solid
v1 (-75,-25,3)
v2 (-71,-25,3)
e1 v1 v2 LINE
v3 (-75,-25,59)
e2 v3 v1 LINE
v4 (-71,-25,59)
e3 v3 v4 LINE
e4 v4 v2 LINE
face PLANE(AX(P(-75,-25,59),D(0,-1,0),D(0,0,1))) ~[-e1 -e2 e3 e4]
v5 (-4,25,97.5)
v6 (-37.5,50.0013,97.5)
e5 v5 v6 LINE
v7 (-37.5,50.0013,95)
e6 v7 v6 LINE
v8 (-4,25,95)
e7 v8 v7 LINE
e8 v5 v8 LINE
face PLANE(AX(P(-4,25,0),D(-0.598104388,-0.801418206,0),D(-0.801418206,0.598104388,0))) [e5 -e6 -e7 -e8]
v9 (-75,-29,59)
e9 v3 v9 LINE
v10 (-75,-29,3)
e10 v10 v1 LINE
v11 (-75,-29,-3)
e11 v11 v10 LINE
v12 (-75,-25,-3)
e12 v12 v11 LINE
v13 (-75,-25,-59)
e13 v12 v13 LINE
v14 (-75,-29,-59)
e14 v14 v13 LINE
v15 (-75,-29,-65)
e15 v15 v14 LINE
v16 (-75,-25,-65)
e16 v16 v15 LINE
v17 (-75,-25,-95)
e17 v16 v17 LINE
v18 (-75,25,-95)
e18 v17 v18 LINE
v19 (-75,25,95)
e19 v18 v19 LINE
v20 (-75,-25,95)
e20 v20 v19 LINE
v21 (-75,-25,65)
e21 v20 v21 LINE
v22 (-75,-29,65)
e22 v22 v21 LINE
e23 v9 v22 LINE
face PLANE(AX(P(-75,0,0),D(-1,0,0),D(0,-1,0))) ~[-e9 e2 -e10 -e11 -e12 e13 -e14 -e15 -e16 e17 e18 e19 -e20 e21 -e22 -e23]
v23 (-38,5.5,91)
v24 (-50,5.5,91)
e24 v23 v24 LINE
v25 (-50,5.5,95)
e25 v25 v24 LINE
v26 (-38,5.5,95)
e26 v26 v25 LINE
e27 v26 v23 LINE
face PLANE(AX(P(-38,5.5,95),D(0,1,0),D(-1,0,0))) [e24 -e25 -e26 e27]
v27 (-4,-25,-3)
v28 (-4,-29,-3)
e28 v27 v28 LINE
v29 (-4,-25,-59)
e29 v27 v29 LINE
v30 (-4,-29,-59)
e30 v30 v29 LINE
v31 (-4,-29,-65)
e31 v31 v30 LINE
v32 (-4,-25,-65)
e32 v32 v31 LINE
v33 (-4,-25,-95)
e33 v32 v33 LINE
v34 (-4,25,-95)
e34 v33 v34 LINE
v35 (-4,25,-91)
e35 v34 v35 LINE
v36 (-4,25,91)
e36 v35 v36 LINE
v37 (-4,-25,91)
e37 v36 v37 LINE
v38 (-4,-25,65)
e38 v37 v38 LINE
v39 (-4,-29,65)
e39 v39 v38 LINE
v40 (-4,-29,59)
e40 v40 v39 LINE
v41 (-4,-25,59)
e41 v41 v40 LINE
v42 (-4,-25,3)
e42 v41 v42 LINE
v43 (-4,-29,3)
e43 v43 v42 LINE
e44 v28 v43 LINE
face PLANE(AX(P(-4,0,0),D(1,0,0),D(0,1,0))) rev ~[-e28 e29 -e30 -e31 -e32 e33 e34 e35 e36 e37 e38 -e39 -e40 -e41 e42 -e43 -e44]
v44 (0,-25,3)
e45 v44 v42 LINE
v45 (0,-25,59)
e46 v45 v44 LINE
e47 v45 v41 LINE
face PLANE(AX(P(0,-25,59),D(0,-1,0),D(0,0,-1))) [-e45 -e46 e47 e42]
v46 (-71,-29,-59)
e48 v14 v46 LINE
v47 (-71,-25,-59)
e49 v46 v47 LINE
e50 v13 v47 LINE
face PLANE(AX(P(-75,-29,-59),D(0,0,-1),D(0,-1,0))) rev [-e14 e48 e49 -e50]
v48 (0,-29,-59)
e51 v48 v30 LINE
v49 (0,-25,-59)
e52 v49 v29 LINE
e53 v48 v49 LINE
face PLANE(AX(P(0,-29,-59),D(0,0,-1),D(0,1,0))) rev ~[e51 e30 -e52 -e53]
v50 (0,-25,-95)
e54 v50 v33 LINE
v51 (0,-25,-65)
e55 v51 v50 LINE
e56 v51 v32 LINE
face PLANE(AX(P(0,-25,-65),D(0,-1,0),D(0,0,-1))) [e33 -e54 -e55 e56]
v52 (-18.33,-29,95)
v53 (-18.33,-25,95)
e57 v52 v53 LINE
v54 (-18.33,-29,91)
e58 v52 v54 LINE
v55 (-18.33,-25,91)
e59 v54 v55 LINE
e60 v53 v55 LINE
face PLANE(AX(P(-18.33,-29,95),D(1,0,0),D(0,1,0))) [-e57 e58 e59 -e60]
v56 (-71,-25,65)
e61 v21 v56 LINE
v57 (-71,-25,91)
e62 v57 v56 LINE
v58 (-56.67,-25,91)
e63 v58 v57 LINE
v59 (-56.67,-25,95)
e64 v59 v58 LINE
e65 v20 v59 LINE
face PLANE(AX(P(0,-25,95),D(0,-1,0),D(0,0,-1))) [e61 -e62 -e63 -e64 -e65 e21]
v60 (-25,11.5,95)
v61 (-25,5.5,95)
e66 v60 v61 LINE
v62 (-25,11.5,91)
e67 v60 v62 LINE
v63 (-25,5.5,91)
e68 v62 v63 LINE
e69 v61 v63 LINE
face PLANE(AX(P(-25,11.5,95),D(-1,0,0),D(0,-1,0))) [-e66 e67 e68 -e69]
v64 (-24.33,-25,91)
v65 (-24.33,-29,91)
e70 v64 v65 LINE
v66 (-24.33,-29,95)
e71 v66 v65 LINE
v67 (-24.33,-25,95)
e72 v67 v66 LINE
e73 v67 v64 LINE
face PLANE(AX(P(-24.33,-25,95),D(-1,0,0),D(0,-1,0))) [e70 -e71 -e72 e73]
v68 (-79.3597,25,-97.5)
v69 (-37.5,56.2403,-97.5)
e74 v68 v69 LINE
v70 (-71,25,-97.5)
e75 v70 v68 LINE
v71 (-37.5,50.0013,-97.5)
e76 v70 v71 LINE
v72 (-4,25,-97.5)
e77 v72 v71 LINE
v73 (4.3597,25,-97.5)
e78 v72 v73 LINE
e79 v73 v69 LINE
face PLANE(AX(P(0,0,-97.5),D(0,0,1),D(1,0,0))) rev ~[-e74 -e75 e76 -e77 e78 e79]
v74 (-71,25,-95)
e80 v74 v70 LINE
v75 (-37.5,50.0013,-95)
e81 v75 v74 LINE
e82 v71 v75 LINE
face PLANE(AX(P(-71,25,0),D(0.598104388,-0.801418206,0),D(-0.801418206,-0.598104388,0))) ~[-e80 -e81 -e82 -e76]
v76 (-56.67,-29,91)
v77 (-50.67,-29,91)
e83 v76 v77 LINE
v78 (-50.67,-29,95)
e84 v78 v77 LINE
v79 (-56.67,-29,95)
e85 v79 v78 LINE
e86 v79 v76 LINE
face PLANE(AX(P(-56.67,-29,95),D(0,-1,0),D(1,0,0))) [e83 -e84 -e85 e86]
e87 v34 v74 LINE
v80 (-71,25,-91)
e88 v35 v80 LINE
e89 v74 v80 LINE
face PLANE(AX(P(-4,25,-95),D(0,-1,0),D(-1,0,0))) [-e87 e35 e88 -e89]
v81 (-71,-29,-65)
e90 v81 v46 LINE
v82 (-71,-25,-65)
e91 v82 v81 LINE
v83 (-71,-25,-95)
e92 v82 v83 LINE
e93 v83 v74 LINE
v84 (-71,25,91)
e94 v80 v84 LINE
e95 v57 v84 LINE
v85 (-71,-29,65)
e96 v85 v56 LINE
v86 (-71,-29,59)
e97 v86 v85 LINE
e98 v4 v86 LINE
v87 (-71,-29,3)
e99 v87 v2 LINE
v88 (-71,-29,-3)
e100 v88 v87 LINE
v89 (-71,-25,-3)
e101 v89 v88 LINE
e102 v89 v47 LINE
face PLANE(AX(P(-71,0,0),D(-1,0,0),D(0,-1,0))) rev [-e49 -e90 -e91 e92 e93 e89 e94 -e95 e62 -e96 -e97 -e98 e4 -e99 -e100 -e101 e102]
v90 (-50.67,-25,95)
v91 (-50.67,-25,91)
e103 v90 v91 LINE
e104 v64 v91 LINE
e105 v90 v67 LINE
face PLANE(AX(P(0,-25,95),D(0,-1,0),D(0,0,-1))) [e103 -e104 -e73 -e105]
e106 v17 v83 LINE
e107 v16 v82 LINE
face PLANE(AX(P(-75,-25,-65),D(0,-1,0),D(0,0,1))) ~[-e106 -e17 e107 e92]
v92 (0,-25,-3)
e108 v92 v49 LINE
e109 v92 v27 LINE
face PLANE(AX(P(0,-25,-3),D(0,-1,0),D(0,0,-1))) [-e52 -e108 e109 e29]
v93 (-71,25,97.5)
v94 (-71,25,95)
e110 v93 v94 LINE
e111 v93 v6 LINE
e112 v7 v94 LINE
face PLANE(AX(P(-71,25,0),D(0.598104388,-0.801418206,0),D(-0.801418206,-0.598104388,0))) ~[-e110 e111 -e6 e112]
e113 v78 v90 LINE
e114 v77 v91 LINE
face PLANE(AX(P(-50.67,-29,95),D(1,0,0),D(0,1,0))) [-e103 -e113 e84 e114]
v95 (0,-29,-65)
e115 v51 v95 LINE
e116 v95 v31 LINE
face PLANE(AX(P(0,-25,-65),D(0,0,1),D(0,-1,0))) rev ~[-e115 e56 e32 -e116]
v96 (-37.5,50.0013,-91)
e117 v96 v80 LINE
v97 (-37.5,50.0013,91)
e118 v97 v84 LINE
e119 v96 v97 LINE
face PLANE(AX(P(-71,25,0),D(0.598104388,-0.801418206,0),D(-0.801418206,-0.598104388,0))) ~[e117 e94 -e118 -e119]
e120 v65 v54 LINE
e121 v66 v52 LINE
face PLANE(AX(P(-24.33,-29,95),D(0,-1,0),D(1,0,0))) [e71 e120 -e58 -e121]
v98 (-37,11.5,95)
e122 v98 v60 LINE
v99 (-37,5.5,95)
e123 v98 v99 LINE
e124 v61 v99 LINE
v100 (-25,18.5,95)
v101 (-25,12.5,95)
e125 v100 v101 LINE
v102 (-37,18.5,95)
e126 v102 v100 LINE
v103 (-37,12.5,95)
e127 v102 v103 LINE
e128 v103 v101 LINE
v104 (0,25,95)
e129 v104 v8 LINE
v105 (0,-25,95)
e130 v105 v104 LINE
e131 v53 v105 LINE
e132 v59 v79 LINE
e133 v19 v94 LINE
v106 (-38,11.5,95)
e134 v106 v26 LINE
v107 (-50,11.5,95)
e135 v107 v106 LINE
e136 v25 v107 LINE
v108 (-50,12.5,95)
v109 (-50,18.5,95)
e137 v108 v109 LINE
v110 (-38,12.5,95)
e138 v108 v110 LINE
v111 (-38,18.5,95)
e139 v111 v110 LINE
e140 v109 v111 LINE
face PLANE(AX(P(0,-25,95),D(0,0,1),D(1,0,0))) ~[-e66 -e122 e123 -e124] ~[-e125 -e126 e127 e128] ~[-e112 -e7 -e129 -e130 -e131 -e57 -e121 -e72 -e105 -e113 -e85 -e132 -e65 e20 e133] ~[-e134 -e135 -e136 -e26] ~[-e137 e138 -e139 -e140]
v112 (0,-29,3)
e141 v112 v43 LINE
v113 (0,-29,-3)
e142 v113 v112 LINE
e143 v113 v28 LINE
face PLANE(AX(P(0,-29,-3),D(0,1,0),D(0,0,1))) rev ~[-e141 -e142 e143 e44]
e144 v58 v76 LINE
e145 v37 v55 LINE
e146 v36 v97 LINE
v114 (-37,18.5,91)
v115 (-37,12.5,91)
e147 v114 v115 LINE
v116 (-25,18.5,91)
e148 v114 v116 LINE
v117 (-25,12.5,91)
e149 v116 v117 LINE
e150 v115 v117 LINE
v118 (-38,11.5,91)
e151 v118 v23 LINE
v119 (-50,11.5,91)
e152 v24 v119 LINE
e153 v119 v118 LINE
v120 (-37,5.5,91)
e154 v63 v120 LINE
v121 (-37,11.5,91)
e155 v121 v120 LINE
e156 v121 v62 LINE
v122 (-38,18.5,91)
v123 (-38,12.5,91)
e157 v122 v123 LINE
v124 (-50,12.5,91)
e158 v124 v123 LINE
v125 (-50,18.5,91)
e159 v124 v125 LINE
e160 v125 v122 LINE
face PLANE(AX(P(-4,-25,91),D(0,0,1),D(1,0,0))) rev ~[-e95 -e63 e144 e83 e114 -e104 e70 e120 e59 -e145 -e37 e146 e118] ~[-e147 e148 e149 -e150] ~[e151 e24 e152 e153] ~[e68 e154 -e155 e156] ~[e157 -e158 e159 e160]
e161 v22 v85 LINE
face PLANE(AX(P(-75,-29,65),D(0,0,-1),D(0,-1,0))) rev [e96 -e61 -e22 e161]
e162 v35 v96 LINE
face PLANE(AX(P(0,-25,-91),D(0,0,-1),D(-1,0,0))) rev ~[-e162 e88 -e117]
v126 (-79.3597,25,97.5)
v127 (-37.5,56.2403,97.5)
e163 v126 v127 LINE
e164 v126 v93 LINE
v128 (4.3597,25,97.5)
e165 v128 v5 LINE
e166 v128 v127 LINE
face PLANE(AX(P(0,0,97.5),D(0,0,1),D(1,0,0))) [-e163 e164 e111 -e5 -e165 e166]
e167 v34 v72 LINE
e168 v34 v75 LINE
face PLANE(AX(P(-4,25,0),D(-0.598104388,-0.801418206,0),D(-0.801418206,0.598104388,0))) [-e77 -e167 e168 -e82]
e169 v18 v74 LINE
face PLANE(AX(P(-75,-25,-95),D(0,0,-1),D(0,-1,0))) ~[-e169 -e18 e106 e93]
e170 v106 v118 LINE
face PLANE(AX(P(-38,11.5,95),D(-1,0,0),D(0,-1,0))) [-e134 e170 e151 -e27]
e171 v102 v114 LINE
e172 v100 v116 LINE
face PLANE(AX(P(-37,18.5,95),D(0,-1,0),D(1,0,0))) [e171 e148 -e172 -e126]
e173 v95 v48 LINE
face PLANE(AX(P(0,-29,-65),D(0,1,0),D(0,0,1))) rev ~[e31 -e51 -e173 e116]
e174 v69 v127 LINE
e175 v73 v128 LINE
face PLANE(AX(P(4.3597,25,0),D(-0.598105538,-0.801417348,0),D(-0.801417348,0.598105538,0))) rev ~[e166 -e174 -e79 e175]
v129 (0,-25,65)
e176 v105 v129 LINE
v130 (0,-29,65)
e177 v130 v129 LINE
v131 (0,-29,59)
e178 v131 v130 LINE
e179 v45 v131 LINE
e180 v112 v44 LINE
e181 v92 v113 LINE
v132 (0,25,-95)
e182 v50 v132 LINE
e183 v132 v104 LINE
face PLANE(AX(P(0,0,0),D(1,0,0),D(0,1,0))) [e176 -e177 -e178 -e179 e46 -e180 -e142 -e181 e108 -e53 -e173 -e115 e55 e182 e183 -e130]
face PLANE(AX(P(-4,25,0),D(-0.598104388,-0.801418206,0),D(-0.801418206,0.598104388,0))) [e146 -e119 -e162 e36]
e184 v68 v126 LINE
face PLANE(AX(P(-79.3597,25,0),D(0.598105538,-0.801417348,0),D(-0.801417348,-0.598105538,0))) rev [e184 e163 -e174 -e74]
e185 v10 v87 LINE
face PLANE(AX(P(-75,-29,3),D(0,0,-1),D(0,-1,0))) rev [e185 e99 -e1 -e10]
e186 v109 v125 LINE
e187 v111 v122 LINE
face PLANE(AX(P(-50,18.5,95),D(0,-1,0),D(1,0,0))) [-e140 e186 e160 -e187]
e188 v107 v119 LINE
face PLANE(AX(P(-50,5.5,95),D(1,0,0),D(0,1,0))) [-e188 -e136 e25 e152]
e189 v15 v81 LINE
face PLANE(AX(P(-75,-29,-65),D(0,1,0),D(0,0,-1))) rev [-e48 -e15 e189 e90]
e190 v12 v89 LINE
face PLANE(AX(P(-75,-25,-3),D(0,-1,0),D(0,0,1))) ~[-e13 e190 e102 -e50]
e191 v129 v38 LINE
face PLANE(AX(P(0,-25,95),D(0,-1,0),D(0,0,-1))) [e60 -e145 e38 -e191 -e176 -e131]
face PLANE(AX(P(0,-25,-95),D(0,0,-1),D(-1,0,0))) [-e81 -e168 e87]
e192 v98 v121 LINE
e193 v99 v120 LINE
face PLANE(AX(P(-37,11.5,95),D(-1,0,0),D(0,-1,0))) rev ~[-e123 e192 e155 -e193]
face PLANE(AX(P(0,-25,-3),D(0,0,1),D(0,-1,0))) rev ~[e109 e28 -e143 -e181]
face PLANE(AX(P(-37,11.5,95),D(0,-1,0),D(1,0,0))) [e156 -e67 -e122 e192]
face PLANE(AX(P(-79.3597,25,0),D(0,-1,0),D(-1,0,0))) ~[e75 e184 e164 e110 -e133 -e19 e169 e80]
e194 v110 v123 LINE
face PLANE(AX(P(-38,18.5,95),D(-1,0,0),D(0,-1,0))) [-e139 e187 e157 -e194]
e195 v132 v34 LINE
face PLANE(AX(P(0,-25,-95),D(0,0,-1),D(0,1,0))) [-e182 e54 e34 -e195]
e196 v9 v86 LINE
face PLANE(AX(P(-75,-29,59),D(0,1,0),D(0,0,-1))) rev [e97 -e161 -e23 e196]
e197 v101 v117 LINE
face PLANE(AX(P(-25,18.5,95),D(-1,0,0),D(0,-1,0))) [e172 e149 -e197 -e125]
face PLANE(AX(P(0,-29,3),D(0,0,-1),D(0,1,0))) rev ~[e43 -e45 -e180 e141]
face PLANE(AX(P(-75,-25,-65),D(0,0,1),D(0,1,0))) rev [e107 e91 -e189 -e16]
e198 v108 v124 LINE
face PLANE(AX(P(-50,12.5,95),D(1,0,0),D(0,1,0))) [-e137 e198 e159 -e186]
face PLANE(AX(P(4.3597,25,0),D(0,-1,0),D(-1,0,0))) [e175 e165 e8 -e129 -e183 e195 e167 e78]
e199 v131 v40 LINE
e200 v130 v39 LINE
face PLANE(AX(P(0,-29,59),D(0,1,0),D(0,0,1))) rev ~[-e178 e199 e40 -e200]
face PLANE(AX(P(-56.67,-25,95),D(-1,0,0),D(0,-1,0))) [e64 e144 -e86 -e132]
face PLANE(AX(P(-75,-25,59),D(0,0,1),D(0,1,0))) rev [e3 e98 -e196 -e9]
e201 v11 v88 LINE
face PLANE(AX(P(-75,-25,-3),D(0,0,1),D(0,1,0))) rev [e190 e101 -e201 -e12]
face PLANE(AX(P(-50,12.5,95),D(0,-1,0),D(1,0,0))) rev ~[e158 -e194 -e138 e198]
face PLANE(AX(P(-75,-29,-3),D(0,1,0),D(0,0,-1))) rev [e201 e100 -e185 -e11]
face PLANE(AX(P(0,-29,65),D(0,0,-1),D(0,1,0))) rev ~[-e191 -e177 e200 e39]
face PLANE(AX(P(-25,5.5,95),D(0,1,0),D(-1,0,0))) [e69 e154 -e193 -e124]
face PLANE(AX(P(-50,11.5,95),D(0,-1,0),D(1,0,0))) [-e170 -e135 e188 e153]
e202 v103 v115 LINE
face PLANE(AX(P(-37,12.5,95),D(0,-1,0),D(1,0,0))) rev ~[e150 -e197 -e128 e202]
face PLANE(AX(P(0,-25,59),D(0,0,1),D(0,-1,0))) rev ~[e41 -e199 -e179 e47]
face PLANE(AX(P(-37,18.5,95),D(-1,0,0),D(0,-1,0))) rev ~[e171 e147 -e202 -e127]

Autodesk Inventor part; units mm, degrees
ref_plane "XZ Plane" through (0, 0, 0) normal (0, 1, 0) x (-1, 0, 0)
ref_plane "XY Plane" through (0, 0, 0) normal (0, 0, 1) x (1, 0, 0)
sketch "Náčrt1" plane through (0, 0, 0) normal (1, 0, 0) x (0, 1, 0)
  line L0 (25, 95) -> (-25, 95)
  line L1 (-25, 95) -> (-25, -95)
  line L2 (-25, -95) -> (25, -95)
  line L3 (25, -95) -> (25, 95)
  line L4 (25, 95) -> (-25, -95) construction
  line L5 (-25, 95) -> (25, -95) construction
  line L6 (-25, -3) -> (-29, -3)
  line L7 (-29, -3) -> (-29, 3)
  line L8 (-29, 3) -> (-25, 3)
  line L9 (-25, 3) -> (-25, -3)
  line L10 (-25, -65) -> (-29, -65)
  line L11 (-29, -65) -> (-29, -59)
  line L12 (-29, -59) -> (-25, -59)
  line L13 (-25, -59) -> (-25, -65)
  line L14 (-25, 59) -> (-29, 59)
  line L15 (-29, 59) -> (-29, 65)
  line L16 (-29, 65) -> (-25, 65)
  line L17 (-25, 65) -> (-25, 59)
  line L18 (7.5, 95) -> (7.5, 85)
  line L19 (7.5, 85) -> (17.5, 85)
  line L20 (17.5, 85) -> (17.5, 95)
  line L21 (-3.3333, 95) -> (-3.3333, 85)
  line L22 (-3.3333, 85) -> (-13.3333, 85)
  line L23 (-13.3333, 85) -> (-13.3333, 95)
  point P0 (0, 0)
  point P1 (25, 0)
  point P2 (-25, 0)
  point P3 (-25, 0)
  point P4 (-27, 3)
  point P5 (-27, 59)
  point P6 (12.5, 85)
  point P7 (-8.3333, 85)
  dimension "d0" = 50
  dimension "d1" = 190
  dimension "d46" = 6
  dimension "d47" = 4
  dimension "d48" = 4
  dimension "d49" = 6
  dimension "d50" = 30
  dimension "d51" = 4
  dimension "d52" = 6
  dimension "d53" = 30
  dimension "d54" = 56
  dimension "d73" = 10
  dimension "d74" = 10
  dimension "d75" = 10
  dimension "d76" = 10
  dimension "d77" = 12.5
  dimension "d78" = 16.6667
extrude "Vysunutí1" add sketch "Náčrt1" against normal blind 4
sketch "Náčrt2" plane through (0, 0, 0) normal (0, 0, 1) x (1, 0, 0)
  line L0 (-4, -25) -> (-4, 25) projected
  line L1 (4.3597, 25) -> (-37.5, 56.2403)
  line L2 (4.3597, 25) -> (-4, 25)
  line L3 (-4, 25) -> (-37.5, 50.0013)
  line L4 (-37.5, 56.2403) -> (-37.5, 50.0013)
  line L5 (0, -25) -> (0, 25) projected
  point P0 (0, 0)
  dimension "d56" = 31.2403
  dimension "d57" = 33.5
  dimension "d65" = 5
extrude "Vysunutí3" add sketch "Náčrt2" along normal mid plane 195
ref_plane "Pracovní rovina2" through (-37.5, 0, 0) normal (1, 0, 0) x (0, 1, 0)
mirror "Zrcadlit2" about plane through (-37.5, 0, 0) normal (1, 0, 0) of "Vysunutí3", "Vysunutí1"
sketch "Náčrt4" plane through (-4, -25, 95) normal (0, 0, 1) x (1, 0, 0)
  line L0 (4, 0) -> (0, 0) projected
  line L1 (-67, 50) -> (0, 50)
  line L2 (0, 50) -> (0, 0)
  line L3 (0, 0) -> (-67, 0)
  line L4 (-67, 0) -> (-67, 50)
  line L5 (-46, 43.5) -> (-21, 43.5)
  line L6 (-21, 43.5) -> (-21, 30.5)
  line L7 (-21, 30.5) -> (-46, 30.5)
  line L8 (-46, 30.5) -> (-46, 43.5)
  line L9 (-46, 43.5) -> (-21, 30.5) construction
  line L10 (-21, 43.5) -> (-46, 30.5) construction
  line L11 (-33, 43.5) -> (-33, 30.5)
  line L12 (-34, 43.5) -> (-34, 30.5)
  line L13 (-46, 37.5) -> (-21, 37.5)
  line L14 (-46, 36.5) -> (-21, 36.5)
  point P0 (4, 25)
  point P1 (-33.5, 37)
  point P2 (-33.5, 50)
  point P3 (-34, 36.5)
  point P4 (-33, 36.5)
  point P5 (-33, 37.5)
  point P6 (-34, 37.5)
  dimension "d30" = 50
  dimension "d31" = 67
  dimension "d34" = 25
  dimension "d35" = 13
  dimension "d37" = 21
  dimension "d38" = 1
  dimension "d39" = 1
  dimension "d41" = 6
  dimension "d42" = 12
  dimension "d43" = 25
  dimension "d66" = 6.5
extrude "Vysunutí5" add sketch "Náčrt4" against normal blind 4 contours L1 L2 L3 L4 | L5 L12 L13 L8 | L5 L11 L13 L12 | L13 L12 L14 L8 | L5 L6 L13 L11 | L13 L11 L14 L12 | L14 L12 L7 L8 | L13 L6 L14 L11 | L14 L11 L7 L12 | L14 L6 L7 L11
extrude "Vysunutí6" cut sketch "Náčrt4" against normal blind 10 contours L5 L12 L13 L8 | L5 L6 L13 L11 | L14 L12 L7 L8 | L14 L6 L7 L11
sketch "Náčrt5" plane through (0, -25, -95) normal (0, 0, -1) x (-1, 0, 0)
  line L0 (4, 50) -> (37.5, 75.0013) projected
  line L1 (4, 50) -> (71, 50)
  line L2 (4, 50) -> (37.5, 75.0013)
  line L3 (37.5, 75.0013) -> (71, 50) projected
  line L4 (37.5, 75.0013) -> (71, 50)
  line L5 (71, 50) -> (37.5, 75.0013) projected
  point P0 (0, 25)
  dimension "d67" = 67
extrude "Vysunutí7" add sketch "Náčrt5" against normal blind 4
mirror "Zrcadlit4" about plane through (0, 0, 0) normal (0, 0, 1) of "Vysunutí7"
sketch "Náčrt6" plane through (0, -25, 95) normal (0, 0, 1) x (1, 0, 0)
  line L0 (-75, 0) -> (0, 0) projected
  line L1 (-56.67, 0) -> (-56.67, -4)
  line L2 (-56.67, -4) -> (-50.67, -4)
  line L3 (-50.67, -4) -> (-50.67, 0)
  line L4 (-50.67, 0) -> (-56.67, 0)
  line L5 (-24.33, 0) -> (-24.33, -4)
  line L6 (-24.33, -4) -> (-18.33, -4)
  line L7 (-18.33, -4) -> (-18.33, 0)
  line L8 (-18.33, 0) -> (-24.33, 0)
  point P0 (0, 25)
  point P1 (-18.33, 0)
  point P2 (-24.33, 0)
  point P3 (-50.67, 0)
  dimension "d79" = 6
  dimension "d80" = 6
  dimension "d81" = 4
  dimension "d82" = 18.33
  dimension "d83" = 18.33
extrude "Vysunutí8" add sketch "Náčrt6" against normal blind 4
properties part number "prvni navrh"
